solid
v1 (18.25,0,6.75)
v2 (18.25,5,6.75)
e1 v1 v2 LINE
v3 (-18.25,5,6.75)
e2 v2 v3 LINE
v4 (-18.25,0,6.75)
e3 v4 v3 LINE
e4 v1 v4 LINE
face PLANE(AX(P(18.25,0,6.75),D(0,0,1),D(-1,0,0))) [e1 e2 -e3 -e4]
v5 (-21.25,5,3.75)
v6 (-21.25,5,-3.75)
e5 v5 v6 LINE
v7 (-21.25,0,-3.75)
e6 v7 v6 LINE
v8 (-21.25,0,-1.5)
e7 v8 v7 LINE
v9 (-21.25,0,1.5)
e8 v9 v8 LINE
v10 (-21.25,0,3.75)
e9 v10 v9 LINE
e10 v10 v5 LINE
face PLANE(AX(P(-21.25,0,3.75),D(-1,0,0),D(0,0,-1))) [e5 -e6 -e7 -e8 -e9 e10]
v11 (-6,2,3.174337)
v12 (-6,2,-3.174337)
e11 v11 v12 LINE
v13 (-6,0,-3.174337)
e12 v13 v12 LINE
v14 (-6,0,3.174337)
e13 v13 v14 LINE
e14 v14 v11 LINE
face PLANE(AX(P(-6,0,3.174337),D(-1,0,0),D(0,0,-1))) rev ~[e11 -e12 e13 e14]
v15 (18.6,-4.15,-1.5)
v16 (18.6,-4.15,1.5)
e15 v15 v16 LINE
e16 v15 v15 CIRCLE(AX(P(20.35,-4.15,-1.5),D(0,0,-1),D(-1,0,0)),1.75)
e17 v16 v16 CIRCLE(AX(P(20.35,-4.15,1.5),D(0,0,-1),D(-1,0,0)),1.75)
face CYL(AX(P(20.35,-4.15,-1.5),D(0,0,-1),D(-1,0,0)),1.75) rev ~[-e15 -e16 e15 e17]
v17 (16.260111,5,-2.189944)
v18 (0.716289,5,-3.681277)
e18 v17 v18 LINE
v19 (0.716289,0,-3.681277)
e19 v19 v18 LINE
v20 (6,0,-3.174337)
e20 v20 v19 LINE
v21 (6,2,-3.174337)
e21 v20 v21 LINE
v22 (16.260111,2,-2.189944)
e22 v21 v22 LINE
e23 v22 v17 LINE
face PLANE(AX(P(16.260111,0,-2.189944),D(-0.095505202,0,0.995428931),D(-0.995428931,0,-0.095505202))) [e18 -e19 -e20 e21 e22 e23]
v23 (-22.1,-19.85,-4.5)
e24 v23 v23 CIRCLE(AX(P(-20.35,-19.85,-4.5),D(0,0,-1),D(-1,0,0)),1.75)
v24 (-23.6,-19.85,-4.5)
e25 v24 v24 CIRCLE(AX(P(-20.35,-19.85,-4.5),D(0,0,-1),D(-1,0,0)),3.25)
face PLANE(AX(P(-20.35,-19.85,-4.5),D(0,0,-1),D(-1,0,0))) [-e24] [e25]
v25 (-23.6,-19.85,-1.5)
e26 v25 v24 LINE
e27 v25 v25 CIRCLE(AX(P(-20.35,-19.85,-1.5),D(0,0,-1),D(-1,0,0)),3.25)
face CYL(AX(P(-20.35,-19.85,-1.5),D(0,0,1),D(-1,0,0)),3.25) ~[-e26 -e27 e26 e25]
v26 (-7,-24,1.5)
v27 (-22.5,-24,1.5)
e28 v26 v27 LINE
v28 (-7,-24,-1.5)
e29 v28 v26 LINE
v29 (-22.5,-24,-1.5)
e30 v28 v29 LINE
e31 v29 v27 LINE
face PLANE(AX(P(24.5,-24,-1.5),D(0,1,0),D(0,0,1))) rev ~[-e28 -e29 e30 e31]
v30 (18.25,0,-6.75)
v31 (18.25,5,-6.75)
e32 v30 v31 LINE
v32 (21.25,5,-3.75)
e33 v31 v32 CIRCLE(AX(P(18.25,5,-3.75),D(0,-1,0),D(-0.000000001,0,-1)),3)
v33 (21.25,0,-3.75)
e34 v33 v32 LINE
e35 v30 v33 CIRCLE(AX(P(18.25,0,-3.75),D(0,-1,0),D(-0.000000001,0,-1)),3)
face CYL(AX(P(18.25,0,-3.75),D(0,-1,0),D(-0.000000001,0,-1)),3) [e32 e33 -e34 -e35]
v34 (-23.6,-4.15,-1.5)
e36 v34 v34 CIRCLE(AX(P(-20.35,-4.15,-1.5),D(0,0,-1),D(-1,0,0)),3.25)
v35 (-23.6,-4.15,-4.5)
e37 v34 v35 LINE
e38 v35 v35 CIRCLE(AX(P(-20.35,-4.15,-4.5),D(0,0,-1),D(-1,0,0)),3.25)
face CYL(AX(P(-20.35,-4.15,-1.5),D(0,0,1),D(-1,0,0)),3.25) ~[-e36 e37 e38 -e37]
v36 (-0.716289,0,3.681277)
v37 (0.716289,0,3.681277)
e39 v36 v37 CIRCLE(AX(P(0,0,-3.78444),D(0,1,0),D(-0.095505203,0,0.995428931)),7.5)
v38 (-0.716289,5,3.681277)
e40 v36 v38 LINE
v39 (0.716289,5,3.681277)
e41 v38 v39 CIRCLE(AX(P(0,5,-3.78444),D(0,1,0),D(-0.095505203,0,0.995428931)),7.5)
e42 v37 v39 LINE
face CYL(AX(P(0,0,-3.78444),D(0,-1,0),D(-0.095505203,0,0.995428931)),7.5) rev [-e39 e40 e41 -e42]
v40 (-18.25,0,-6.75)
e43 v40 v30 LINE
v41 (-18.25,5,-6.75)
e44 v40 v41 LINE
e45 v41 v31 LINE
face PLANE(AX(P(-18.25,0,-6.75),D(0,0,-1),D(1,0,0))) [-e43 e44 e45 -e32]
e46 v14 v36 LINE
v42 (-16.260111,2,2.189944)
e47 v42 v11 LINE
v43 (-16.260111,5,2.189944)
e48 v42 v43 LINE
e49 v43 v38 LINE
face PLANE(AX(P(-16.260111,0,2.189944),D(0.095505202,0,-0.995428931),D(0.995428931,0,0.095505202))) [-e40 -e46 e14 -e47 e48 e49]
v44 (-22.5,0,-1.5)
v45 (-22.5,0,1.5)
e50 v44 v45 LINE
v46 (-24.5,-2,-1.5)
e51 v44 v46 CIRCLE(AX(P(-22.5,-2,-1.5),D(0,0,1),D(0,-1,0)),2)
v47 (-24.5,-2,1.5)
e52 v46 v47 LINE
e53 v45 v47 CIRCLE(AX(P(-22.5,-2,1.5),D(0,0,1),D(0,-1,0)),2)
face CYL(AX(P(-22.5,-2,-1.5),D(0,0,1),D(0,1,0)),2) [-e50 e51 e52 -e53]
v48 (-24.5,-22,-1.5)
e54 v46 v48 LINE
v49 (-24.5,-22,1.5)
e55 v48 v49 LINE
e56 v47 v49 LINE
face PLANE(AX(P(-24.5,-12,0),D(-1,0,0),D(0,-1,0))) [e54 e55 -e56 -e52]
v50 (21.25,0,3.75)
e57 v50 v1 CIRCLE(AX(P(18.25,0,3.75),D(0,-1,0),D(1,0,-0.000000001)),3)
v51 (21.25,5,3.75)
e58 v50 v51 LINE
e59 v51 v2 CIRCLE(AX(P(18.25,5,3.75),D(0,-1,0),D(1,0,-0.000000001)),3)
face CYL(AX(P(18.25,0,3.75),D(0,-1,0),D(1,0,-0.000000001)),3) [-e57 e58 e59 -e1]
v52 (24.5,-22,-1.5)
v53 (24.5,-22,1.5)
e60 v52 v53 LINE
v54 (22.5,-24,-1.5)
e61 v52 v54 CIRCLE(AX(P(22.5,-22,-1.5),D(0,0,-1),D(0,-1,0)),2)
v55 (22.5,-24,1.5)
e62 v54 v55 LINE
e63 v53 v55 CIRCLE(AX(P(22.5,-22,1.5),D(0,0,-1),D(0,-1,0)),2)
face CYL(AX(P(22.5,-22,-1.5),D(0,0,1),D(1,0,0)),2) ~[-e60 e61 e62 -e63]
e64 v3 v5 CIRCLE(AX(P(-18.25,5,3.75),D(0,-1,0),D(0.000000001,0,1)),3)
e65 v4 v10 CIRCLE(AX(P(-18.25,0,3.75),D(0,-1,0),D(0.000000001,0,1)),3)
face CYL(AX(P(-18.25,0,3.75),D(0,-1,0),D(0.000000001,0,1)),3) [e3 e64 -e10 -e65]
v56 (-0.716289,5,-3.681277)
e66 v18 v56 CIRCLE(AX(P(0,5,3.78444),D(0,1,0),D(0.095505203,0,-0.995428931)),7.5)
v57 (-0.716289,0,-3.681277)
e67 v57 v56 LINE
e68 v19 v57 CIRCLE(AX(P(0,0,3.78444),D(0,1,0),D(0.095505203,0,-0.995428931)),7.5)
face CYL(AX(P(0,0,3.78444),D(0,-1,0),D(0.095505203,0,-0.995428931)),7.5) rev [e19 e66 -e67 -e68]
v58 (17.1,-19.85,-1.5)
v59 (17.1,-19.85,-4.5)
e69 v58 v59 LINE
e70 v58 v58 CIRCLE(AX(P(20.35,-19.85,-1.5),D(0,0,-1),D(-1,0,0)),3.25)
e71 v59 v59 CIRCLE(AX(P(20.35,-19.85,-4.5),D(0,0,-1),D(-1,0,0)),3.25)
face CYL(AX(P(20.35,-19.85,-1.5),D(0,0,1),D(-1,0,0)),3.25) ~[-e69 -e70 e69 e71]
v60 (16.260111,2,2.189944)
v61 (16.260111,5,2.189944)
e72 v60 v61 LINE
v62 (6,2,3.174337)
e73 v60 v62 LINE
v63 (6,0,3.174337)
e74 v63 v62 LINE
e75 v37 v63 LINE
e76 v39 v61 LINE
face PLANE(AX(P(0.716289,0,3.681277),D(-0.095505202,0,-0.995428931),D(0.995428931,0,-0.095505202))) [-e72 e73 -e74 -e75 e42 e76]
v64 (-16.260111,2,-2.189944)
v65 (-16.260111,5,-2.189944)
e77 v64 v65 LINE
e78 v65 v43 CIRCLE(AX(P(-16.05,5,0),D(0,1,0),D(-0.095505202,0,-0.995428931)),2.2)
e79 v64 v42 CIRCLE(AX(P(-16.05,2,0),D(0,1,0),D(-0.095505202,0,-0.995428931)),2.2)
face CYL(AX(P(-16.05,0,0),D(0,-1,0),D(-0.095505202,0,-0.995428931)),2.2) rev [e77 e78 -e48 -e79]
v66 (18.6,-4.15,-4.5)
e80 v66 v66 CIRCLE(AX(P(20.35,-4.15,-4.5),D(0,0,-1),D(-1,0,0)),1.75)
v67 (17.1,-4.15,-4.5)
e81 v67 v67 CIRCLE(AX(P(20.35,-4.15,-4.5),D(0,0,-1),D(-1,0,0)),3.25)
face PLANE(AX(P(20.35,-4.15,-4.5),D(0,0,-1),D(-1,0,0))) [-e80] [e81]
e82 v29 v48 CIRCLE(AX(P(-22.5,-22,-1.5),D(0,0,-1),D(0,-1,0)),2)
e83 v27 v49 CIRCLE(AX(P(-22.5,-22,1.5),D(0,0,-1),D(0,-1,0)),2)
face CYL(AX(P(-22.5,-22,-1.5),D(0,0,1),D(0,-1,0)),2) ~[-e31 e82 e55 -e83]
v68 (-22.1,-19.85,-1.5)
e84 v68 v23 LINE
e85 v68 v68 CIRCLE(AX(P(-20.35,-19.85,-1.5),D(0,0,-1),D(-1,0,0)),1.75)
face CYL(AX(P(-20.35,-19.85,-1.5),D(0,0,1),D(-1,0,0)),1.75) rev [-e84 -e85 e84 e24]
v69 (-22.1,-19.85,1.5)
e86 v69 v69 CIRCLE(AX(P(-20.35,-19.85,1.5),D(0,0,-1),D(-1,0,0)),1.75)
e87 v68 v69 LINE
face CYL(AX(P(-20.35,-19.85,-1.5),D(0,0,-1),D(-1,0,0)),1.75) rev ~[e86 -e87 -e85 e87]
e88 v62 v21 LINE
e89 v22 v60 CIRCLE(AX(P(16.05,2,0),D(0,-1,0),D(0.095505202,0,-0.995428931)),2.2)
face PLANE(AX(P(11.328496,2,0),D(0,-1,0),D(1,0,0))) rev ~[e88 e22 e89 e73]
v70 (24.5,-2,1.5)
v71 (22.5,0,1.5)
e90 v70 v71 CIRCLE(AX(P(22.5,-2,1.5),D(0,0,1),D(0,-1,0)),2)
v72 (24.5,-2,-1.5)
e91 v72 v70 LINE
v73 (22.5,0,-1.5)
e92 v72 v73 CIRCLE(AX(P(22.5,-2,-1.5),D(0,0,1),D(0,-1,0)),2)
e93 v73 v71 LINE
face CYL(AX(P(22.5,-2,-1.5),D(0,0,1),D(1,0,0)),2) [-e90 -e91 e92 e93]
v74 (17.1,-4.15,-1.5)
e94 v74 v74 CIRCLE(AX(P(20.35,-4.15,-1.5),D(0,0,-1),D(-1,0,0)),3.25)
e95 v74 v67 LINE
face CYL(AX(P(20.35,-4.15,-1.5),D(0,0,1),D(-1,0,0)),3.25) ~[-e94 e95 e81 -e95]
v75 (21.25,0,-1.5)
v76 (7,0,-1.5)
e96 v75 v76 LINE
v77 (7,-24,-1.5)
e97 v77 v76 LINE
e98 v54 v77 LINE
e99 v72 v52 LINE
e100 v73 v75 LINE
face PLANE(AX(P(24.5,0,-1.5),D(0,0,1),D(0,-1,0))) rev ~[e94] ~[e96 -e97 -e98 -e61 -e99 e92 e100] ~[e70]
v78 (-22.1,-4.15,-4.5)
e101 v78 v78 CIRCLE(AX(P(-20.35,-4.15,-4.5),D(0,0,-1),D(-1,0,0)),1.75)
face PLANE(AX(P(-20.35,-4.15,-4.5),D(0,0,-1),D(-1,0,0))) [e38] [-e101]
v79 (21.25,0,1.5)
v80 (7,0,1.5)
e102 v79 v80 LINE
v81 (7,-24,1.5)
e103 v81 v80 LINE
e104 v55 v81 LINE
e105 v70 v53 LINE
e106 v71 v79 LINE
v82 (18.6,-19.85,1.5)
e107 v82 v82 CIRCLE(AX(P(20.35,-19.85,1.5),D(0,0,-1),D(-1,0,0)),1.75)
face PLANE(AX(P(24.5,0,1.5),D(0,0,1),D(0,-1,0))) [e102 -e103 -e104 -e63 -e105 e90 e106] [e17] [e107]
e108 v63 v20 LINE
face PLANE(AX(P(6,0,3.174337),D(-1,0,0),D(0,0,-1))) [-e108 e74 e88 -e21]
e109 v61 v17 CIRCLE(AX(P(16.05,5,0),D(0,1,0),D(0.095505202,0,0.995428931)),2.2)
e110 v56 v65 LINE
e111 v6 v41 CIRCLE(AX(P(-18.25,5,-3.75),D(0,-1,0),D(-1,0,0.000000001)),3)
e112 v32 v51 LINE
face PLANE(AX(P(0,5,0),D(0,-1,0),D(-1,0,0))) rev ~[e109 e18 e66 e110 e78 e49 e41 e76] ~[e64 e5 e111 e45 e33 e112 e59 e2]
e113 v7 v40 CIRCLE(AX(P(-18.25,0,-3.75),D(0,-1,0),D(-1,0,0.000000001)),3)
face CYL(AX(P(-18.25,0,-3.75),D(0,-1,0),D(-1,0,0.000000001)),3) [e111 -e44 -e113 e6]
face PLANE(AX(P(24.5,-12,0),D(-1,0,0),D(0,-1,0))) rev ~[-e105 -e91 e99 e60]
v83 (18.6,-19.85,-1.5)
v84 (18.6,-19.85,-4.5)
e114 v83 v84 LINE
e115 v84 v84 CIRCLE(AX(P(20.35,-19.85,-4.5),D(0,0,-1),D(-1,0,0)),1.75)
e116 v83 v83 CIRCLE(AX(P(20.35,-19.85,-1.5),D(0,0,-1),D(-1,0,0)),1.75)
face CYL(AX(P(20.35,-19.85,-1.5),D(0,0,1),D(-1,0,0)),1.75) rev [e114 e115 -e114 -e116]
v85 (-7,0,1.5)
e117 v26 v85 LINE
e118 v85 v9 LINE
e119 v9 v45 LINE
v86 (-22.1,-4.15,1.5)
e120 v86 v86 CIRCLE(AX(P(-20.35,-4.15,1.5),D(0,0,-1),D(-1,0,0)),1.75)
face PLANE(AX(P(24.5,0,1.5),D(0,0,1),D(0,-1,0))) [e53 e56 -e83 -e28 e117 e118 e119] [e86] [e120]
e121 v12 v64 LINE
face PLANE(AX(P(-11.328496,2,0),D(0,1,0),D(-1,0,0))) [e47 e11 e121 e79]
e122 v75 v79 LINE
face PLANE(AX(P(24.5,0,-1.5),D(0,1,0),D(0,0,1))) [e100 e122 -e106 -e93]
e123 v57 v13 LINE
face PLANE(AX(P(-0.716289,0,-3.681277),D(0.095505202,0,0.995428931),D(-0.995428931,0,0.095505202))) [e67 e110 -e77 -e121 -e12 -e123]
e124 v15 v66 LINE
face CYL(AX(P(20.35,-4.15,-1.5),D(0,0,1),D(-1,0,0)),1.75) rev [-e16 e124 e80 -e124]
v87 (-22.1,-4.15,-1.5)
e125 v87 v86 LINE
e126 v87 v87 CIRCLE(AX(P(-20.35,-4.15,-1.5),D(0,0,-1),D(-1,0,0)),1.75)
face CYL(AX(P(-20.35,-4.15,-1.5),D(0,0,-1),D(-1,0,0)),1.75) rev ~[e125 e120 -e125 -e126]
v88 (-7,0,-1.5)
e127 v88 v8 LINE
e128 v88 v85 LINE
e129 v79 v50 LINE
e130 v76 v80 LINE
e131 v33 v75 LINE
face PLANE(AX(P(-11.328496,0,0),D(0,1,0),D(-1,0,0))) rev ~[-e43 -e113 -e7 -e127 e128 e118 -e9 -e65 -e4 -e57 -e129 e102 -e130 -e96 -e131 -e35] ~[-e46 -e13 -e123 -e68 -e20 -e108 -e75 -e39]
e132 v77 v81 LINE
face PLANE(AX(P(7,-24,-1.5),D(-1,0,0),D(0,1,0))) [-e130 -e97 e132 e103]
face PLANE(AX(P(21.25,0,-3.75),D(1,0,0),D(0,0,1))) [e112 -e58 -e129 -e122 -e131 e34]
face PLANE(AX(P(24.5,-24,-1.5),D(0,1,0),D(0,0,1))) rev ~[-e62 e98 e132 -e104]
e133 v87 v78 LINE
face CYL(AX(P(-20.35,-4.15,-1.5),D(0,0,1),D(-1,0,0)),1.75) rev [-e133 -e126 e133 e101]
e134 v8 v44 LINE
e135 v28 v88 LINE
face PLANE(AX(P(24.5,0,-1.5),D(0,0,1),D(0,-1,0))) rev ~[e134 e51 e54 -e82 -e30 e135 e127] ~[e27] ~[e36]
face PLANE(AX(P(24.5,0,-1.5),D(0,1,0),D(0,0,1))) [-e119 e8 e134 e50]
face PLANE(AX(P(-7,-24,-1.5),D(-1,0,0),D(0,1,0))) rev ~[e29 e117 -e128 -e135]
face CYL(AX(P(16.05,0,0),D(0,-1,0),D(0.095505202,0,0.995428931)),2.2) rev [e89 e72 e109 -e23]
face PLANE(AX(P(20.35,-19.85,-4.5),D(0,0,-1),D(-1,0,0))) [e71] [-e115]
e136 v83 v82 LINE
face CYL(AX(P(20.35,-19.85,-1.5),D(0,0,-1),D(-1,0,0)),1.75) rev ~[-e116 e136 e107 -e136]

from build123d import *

# Parameters (mm, degrees)
BOSS_EXTRUDE1_DEPTH = 5
BOSS_EXTRUDE2_DEPTH = 2
SKETCH4_W           = 24
SKETCH4_H           = 3
BOSS_EXTRUDE3_DEPTH = 49
CUT_EXTRUDE1_REACH  = 10.25
SKETCH5_R           = 1.75
SKETCH5_W           = 14
SKETCH5_H           = 24
SKETCH6_R           = 3.25
SKETCH6_R_2         = 1.75
BOSS_EXTRUDE4_DEPTH = 3
FILLET1_R           = 2


with BuildPart() as part:
    # Sketch1 → Boss-Extrude1 (new body)
    with BuildSketch(Plane(origin=(0, 0, 0), x_dir=(1, 0, 0), z_dir=(0, 1, 0))):
        with BuildLine():
            Line((-18.25, 6.75), (18.25, 6.75))
            ThreePointArc((18.25, 6.75), (20.371320344, 5.871320344), (21.25, 3.75))
            Line((21.25, 3.75), (21.25, -3.75))
            ThreePointArc((21.25, -3.75), (20.371320344, -5.871320344), (18.25, -6.75))
            Line((18.25, -6.75), (-18.25, -6.75))
            ThreePointArc((-18.25, -6.75), (-20.371320344, -5.871320344), (-21.25, -3.75))
            Line((-21.25, -3.75), (-21.25, 3.75))
            ThreePointArc((-21.25, 3.75), (-20.371320344, 5.871320344), (-18.25, 6.75))
        make_face()
        with BuildLine():
            Line((16.260111444, 2.189943648), (0.716289014, 3.681276533))
            ThreePointArc((0.716289014, 3.681276533), (0, 3.715559552), (-0.716289014, 3.681276533))
            Line((-0.716289014, 3.681276533), (-16.260111444, 2.189943648))
            ThreePointArc((-16.260111444, 2.189943648), (-18.25, 0), (-16.260111444, -2.189943648))
            Line((-16.260111444, -2.189943648), (-0.716289014, -3.681276533))
            ThreePointArc((-0.716289014, -3.681276533), (0, -3.715559552), (0.716289014, -3.681276533))
            Line((0.716289014, -3.681276533), (16.260111444, -2.189943648))
            ThreePointArc((16.260111444, -2.189943648), (18.25, 0), (16.260111444, 2.189943648))
        make_face(mode=Mode.SUBTRACT)
    extrude(amount=BOSS_EXTRUDE1_DEPTH)

    # Sketch2 → Boss-Extrude2 (add)
    with BuildSketch(Plane.XZ):
        with BuildLine():
            Line((-16.260111444, 2.189943648), (-6, 3.174337395))
            Line((-6, 3.174337395), (-6, -3.174337395))
            Line((-6, -3.174337395), (-16.260111444, -2.189943648))
            ThreePointArc((-16.260111444, -2.189943648), (-18.25, 0), (-16.260111444, 2.189943648))
        make_face()
        with BuildLine():
            Line((6, -3.174337395), (16.260111444, -2.189943648))
            ThreePointArc((16.260111444, -2.189943648), (18.25, 0), (16.260111444, 2.189943648))
            Line((16.260111444, 2.189943648), (6, 3.174337395))
            Line((6, 3.174337395), (6, -3.174337395))
        make_face()
    extrude(amount=-BOSS_EXTRUDE2_DEPTH)

    # Sketch4 → Boss-Extrude3 (add)
    with BuildSketch(Plane(origin=(24.5, 24.5, 0), x_dir=(0, -1, 0), z_dir=(-1, 0, 0))):
        with Locations((36.5, 0)):
            Rectangle(SKETCH4_W, SKETCH4_H)
    extrude(amount=BOSS_EXTRUDE3_DEPTH)

    # Sketch5 → Cut-Extrude1 (cut, up to next)
    with BuildSketch(Plane(origin=(0, 0, -1.5), x_dir=(-1, 0, 0), z_dir=(0, 0, -1)), mode=Mode.PRIVATE) as cut_extrude1_sk1:
        with Locations((20.35, -19.85)):
            Circle(SKETCH5_R)
    cut_extrude1_tool1 = extrude(cut_extrude1_sk1.sketch, amount=-CUT_EXTRUDE1_REACH, mode=Mode.PRIVATE) & part.part
    add(cut_extrude1_tool1.solids().sort_by_distance((-20.35, -19.85, -1.5))[0], mode=Mode.SUBTRACT)
    # Sketch5 → Cut-Extrude1 (cut, up to next)
    with BuildSketch(Plane(origin=(0, 0, -1.5), x_dir=(-1, 0, 0), z_dir=(0, 0, -1)), mode=Mode.PRIVATE) as cut_extrude1_sk2:
        with Locations((-20.35, -19.85)):
            Circle(SKETCH5_R)
    cut_extrude1_tool2 = extrude(cut_extrude1_sk2.sketch, amount=-CUT_EXTRUDE1_REACH, mode=Mode.PRIVATE) & part.part
    add(cut_extrude1_tool2.solids().sort_by_distance((20.35, -19.85, -1.5))[0], mode=Mode.SUBTRACT)
    # Sketch5 → Cut-Extrude1 (cut, up to next)
    with BuildSketch(Plane(origin=(0, 0, -1.5), x_dir=(-1, 0, 0), z_dir=(0, 0, -1)), mode=Mode.PRIVATE) as cut_extrude1_sk3:
        with Locations((-20.35, -4.15)):
            Circle(SKETCH5_R)
    cut_extrude1_tool3 = extrude(cut_extrude1_sk3.sketch, amount=-CUT_EXTRUDE1_REACH, mode=Mode.PRIVATE) & part.part
    add(cut_extrude1_tool3.solids().sort_by_distance((20.35, -4.15, -1.5))[0], mode=Mode.SUBTRACT)
    # Sketch5 → Cut-Extrude1 (cut, up to next)
    with BuildSketch(Plane(origin=(0, 0, -1.5), x_dir=(-1, 0, 0), z_dir=(0, 0, -1)), mode=Mode.PRIVATE) as cut_extrude1_sk4:
        with Locations((20.35, -4.15)):
            Circle(SKETCH5_R)
    cut_extrude1_tool4 = extrude(cut_extrude1_sk4.sketch, amount=-CUT_EXTRUDE1_REACH, mode=Mode.PRIVATE) & part.part
    add(cut_extrude1_tool4.solids().sort_by_distance((-20.35, -4.15, -1.5))[0], mode=Mode.SUBTRACT)
    # Sketch5 → Cut-Extrude1 (cut, up to next)
    with BuildSketch(Plane(origin=(0, 0, -1.5), x_dir=(-1, 0, 0), z_dir=(0, 0, -1)), mode=Mode.PRIVATE) as cut_extrude1_sk5:
        with Locations((0, -12)):
            Rectangle(SKETCH5_W, SKETCH5_H)
    cut_extrude1_tool5 = extrude(cut_extrude1_sk5.sketch, amount=-CUT_EXTRUDE1_REACH, mode=Mode.PRIVATE) & part.part
    add(cut_extrude1_tool5.solids().sort_by_distance((0, -12, -1.5))[0], mode=Mode.SUBTRACT)

    # Sketch6 → Boss-Extrude4 (add)
    with BuildSketch(Plane(origin=(0, 0, -1.5), x_dir=(-1, 0, 0), z_dir=(0, 0, -1))):
        with Locations((-20.35, -4.15)):
            Circle(SKETCH6_R)
        with Locations((-20.35, -4.15)):
            Circle(SKETCH6_R_2, mode=Mode.SUBTRACT)
        with Locations((20.35, -4.15)):
            Circle(SKETCH6_R)
        with Locations((20.35, -4.15)):
            Circle(SKETCH6_R_2, mode=Mode.SUBTRACT)
        with Locations((20.35, -19.85)):
            Circle(SKETCH6_R)
        with Locations((20.35, -19.85)):
            Circle(SKETCH6_R_2, mode=Mode.SUBTRACT)
        with Locations((-20.35, -19.85)):
            Circle(SKETCH6_R)
        with Locations((-20.35, -19.85)):
            Circle(SKETCH6_R_2, mode=Mode.SUBTRACT)
    extrude(amount=BOSS_EXTRUDE4_DEPTH)

    # Fillet1
    fillet1_edges = [part.edges().sort_by_distance(p)[0] for p in [
        (24.5, 0, 0),
        (24.5, -24, 0),
        (-24.5, 0, 0),
        (-24.5, -24, 0),
    ]]
    fillet(fillet1_edges, radius=FILLET1_R)


solid = part.part
